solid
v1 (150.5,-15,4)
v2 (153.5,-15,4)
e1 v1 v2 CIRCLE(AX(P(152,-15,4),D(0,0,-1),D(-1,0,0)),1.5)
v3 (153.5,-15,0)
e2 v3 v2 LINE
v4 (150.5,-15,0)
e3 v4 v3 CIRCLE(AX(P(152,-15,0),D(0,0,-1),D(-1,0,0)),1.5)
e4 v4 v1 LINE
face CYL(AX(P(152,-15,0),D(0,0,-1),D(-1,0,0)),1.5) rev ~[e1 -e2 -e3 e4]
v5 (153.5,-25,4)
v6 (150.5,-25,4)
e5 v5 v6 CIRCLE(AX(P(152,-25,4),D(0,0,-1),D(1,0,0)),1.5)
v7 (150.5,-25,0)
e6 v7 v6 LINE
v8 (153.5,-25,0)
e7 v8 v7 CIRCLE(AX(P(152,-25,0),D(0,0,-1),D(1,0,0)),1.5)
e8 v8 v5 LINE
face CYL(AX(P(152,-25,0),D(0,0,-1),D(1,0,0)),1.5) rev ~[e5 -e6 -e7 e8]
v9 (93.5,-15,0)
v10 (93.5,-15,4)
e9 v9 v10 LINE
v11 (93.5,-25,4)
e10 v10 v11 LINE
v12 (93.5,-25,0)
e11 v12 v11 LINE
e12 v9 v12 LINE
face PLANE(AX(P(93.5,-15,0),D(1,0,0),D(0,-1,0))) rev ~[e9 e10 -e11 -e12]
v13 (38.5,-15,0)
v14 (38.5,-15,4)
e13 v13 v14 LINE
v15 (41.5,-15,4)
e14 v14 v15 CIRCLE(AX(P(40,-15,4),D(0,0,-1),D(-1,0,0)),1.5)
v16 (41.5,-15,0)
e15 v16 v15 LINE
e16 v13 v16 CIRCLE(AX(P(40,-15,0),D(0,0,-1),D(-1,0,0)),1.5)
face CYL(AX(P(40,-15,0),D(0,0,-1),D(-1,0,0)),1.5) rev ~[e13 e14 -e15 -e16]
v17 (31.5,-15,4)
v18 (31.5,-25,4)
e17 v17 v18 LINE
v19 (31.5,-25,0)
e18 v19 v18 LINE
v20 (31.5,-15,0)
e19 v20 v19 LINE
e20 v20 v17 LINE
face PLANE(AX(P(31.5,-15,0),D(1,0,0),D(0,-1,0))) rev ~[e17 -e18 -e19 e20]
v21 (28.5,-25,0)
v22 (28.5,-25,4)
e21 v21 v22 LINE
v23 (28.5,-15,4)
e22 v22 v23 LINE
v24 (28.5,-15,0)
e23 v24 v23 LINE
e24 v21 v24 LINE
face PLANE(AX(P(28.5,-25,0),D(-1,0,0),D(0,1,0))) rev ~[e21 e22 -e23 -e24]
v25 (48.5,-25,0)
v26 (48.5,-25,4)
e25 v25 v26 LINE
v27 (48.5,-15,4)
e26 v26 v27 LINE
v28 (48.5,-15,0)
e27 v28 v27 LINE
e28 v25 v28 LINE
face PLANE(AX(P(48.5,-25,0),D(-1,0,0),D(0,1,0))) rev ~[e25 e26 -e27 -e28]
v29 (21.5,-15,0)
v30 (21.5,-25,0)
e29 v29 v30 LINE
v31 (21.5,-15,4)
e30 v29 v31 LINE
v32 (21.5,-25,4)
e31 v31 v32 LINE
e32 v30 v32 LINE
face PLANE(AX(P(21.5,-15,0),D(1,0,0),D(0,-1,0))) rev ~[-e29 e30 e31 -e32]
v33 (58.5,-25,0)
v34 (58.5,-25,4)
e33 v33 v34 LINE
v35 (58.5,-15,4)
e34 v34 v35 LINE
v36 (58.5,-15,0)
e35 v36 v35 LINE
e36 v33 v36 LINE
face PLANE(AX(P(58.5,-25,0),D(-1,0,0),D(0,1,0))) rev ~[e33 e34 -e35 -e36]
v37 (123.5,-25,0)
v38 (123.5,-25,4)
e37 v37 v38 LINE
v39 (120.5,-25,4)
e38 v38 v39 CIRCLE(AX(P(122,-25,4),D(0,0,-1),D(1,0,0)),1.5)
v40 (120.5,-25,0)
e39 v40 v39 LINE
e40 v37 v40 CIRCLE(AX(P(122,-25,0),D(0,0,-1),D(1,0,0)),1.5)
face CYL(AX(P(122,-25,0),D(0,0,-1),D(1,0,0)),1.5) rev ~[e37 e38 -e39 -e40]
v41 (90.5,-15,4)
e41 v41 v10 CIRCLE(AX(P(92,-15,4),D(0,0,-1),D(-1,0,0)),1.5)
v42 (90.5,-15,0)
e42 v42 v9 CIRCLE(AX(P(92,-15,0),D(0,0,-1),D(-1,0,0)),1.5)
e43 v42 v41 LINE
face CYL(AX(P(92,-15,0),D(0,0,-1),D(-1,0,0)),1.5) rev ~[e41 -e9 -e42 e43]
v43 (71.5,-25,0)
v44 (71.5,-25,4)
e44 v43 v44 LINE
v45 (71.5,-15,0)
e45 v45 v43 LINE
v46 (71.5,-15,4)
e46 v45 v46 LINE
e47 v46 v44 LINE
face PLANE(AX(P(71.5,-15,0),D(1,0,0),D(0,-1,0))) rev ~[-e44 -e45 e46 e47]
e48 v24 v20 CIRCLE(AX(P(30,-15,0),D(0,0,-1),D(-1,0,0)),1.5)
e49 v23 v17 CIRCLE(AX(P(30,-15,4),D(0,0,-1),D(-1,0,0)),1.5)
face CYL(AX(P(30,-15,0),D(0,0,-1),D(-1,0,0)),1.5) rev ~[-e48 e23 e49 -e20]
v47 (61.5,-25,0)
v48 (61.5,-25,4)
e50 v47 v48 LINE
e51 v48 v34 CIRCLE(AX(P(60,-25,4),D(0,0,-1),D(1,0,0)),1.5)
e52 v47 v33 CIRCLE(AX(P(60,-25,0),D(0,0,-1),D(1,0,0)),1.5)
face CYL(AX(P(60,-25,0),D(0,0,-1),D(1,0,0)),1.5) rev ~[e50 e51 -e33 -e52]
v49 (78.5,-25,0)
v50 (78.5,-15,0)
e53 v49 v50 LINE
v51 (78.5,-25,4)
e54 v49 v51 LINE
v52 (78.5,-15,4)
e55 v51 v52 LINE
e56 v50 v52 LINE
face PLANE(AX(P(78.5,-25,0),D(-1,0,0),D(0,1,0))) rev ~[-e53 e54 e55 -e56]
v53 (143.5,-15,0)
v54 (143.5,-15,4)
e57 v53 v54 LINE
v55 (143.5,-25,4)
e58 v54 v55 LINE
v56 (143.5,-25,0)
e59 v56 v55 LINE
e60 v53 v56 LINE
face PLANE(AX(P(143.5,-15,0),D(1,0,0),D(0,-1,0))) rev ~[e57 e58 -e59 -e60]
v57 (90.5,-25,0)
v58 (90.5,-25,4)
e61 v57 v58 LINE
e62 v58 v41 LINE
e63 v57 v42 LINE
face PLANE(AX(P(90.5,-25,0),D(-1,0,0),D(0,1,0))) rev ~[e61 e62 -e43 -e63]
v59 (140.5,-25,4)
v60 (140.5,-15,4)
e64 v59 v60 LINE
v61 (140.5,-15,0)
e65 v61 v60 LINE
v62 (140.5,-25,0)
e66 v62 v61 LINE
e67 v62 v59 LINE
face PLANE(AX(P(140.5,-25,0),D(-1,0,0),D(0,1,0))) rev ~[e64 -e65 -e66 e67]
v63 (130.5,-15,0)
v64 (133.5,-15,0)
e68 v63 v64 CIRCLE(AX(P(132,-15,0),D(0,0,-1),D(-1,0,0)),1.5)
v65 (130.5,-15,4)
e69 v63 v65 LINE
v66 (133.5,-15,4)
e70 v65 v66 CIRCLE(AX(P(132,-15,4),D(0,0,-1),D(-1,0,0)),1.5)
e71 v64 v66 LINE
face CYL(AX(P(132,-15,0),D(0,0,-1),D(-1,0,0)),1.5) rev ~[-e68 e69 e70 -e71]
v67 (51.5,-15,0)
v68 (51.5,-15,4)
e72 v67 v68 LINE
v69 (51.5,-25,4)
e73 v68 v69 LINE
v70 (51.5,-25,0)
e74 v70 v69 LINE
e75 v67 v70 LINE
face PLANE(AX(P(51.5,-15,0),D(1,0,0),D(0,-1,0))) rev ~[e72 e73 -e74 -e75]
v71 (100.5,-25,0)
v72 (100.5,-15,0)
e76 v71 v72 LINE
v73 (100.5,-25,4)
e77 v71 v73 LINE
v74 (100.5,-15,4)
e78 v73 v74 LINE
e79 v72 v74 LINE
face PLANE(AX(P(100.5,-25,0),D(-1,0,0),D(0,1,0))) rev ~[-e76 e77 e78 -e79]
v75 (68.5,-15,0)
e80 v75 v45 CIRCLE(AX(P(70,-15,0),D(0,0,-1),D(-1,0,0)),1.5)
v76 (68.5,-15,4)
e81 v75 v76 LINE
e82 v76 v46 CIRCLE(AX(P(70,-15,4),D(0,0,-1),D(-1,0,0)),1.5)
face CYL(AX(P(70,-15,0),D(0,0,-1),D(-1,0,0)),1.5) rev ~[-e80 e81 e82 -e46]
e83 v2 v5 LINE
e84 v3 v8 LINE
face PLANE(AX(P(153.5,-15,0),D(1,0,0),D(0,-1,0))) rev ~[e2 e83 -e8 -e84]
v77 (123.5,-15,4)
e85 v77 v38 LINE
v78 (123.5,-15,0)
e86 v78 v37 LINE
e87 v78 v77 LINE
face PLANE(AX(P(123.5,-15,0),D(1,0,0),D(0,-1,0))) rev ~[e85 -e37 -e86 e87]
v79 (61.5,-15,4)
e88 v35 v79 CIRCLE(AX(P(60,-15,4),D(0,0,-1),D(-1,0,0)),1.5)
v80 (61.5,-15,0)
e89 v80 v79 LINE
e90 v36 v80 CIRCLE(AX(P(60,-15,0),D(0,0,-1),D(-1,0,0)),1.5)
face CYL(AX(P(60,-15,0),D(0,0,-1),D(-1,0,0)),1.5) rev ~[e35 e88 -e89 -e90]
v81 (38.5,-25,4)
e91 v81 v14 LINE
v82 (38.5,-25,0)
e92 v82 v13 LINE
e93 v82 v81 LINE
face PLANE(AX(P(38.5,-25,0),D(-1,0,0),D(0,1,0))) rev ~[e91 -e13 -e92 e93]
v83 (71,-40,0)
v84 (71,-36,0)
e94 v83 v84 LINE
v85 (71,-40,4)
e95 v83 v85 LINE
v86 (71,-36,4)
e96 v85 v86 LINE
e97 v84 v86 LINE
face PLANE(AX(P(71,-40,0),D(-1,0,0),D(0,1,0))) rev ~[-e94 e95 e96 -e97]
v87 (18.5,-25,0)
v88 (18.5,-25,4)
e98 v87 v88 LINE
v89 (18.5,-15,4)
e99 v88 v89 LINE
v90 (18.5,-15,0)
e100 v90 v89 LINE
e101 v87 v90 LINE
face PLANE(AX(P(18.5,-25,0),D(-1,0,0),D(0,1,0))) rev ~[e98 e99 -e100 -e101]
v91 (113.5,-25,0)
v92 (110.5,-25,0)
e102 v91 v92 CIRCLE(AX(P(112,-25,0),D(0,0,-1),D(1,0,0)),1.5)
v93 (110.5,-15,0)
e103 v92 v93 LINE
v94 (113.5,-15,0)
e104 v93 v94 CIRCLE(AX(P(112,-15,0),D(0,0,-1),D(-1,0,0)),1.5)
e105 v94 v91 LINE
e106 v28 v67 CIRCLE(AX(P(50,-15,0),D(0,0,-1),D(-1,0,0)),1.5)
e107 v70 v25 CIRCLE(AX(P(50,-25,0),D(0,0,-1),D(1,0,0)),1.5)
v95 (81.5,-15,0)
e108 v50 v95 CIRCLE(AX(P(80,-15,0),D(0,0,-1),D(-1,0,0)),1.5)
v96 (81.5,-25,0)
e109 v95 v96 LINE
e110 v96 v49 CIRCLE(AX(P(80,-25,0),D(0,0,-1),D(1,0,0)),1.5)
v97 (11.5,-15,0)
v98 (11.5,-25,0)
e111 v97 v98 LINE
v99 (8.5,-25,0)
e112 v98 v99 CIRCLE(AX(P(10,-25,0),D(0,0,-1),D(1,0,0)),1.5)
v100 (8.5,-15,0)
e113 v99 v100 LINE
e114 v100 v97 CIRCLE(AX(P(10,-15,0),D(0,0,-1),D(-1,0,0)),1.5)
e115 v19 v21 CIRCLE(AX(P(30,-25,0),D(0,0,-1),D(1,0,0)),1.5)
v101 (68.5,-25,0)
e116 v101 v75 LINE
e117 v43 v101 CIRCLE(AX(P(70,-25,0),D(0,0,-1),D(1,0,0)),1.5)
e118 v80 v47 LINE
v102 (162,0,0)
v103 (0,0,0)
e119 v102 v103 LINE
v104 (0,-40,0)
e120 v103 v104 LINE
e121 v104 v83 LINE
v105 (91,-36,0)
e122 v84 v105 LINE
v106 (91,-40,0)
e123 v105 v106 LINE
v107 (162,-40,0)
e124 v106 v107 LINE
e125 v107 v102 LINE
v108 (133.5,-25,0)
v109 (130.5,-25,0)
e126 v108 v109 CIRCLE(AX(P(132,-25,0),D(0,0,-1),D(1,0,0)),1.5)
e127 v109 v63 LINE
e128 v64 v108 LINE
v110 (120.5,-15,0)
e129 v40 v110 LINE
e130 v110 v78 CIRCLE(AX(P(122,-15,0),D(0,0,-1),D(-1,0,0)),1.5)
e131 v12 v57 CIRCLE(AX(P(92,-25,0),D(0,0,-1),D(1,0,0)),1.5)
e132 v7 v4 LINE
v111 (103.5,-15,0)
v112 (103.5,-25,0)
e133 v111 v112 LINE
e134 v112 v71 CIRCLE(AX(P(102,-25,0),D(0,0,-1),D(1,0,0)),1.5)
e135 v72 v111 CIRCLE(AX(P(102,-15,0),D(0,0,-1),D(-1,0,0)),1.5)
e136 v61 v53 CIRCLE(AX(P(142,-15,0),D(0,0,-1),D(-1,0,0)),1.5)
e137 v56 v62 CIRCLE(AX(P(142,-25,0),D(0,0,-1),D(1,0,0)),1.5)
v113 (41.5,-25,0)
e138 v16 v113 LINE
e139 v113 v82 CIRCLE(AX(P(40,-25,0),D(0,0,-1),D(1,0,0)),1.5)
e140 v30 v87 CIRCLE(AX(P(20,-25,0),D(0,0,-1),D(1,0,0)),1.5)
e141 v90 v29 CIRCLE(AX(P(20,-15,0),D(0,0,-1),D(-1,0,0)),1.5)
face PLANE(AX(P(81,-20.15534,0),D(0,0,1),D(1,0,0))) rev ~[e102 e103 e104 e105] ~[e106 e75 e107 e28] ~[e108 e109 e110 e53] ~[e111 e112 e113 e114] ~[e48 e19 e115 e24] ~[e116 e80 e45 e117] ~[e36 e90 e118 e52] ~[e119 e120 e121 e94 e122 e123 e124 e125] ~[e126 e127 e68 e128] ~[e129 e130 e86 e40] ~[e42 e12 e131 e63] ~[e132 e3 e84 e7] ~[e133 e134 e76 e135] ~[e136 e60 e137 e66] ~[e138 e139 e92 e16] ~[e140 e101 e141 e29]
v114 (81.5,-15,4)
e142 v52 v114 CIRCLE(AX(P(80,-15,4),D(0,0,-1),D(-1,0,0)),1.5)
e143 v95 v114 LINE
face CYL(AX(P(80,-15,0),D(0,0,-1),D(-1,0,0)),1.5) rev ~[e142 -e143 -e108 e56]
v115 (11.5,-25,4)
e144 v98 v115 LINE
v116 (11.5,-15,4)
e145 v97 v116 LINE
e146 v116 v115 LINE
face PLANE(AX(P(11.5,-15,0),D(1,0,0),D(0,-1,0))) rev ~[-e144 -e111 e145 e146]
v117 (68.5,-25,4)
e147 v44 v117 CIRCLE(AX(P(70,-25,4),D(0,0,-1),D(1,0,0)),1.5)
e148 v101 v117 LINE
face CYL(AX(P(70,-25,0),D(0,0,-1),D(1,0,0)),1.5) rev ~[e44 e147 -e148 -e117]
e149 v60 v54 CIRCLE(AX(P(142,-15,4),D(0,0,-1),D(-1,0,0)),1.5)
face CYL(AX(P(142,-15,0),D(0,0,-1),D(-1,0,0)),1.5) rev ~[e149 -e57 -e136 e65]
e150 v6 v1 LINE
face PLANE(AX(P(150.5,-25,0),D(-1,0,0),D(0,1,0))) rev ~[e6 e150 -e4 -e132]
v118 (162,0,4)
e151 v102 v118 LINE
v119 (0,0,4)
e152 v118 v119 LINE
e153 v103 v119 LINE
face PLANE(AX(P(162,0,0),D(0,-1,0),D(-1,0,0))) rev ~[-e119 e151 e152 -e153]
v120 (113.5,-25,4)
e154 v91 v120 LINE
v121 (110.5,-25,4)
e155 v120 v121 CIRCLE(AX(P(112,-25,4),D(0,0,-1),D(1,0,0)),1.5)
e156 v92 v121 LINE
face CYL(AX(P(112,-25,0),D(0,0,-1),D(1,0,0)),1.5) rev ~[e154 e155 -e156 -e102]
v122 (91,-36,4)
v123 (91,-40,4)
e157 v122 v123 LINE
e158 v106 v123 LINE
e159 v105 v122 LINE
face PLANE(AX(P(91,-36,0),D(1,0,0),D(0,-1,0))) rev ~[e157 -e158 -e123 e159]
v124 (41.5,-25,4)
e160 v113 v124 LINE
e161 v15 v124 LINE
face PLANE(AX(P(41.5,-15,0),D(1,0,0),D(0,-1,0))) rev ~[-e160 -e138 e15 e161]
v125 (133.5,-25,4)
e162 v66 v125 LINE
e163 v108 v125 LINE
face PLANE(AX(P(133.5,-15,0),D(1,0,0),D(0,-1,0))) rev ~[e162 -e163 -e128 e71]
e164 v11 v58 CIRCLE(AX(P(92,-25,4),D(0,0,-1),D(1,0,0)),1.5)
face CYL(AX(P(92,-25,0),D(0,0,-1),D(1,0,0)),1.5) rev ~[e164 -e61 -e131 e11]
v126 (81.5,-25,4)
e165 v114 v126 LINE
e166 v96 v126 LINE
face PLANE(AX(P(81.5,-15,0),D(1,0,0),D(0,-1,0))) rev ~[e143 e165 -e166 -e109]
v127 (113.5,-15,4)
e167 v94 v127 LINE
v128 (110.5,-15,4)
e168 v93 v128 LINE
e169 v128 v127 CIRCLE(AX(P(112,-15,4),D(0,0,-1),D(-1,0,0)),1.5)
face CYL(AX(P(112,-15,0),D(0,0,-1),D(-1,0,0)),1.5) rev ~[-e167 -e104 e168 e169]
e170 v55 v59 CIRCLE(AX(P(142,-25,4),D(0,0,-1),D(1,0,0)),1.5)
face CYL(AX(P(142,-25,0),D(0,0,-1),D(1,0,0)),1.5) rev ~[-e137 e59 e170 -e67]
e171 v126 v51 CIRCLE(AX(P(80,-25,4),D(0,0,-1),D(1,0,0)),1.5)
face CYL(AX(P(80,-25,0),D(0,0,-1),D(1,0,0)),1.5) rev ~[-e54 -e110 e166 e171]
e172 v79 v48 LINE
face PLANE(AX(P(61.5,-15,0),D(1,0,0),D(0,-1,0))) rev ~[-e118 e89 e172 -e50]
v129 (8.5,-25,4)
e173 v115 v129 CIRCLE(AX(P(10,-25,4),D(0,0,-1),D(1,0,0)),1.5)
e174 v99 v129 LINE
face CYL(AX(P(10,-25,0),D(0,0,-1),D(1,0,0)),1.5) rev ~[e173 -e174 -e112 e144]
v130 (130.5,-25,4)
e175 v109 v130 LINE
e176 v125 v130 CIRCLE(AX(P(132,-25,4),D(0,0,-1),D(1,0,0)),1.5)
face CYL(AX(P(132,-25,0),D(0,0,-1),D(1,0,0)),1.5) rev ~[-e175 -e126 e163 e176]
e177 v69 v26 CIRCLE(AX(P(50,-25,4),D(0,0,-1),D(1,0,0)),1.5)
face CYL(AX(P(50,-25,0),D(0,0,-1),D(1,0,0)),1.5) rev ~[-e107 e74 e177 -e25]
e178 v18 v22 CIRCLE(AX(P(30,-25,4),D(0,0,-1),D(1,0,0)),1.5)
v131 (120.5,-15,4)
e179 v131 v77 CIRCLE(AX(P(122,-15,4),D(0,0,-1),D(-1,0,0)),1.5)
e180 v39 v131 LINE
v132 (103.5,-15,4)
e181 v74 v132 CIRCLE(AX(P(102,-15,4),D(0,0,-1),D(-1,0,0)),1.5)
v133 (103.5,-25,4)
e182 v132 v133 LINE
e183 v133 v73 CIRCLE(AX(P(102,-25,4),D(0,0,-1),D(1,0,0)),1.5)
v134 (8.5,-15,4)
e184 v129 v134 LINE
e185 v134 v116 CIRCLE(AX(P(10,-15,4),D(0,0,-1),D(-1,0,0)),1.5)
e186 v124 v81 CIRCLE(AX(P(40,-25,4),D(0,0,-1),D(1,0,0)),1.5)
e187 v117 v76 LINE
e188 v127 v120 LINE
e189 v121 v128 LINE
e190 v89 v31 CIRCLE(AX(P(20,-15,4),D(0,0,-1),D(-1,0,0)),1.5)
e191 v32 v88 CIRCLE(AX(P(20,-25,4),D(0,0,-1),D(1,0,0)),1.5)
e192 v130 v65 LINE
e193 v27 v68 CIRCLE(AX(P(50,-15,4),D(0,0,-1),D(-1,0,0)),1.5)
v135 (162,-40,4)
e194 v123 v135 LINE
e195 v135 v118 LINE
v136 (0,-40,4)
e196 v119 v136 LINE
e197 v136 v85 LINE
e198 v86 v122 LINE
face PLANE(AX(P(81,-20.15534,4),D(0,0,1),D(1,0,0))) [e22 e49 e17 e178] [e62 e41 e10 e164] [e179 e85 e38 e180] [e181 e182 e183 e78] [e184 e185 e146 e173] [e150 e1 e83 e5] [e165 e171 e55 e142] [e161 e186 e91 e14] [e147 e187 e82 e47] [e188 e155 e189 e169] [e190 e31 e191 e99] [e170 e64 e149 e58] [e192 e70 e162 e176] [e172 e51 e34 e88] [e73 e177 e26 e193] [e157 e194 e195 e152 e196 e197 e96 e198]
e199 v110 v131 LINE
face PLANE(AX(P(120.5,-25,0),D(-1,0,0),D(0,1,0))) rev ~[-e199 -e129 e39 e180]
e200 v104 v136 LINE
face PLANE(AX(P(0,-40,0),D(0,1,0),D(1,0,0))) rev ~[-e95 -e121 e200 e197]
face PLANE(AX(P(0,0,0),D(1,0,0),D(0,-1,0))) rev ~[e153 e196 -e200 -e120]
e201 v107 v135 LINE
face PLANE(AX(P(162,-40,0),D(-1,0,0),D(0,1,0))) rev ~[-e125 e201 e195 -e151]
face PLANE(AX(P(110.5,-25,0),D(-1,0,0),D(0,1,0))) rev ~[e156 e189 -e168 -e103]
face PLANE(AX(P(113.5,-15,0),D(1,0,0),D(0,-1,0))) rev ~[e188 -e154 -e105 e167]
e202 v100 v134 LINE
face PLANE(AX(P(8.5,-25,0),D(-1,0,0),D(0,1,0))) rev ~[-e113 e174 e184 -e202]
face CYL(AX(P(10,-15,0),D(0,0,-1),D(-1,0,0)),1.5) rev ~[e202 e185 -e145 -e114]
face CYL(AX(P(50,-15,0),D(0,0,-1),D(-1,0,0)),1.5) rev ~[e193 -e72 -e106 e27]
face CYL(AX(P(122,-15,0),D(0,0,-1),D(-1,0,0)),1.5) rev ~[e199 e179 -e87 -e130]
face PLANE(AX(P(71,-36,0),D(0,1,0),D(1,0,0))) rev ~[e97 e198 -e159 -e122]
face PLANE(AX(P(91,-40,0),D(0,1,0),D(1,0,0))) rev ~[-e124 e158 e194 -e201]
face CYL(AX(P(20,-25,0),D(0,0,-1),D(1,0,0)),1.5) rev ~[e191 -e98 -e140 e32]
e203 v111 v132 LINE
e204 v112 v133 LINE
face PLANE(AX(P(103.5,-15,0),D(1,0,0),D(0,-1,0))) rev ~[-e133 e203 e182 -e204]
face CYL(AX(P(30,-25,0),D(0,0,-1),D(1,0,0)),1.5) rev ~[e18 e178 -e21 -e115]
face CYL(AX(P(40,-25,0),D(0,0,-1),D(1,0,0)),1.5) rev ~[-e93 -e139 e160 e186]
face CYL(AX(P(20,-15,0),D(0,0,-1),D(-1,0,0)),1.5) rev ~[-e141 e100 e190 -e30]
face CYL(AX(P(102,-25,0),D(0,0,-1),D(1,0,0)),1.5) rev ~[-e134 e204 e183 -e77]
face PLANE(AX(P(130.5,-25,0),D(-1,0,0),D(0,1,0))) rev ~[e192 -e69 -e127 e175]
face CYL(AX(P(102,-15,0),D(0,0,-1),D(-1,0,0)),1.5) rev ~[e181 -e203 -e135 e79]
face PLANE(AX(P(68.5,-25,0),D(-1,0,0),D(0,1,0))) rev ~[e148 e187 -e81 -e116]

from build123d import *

# Parameters (mm, degrees)
BOSS_EXTRUDE1_DEPTH = 4


with BuildPart() as part:
    # Sketch1 → Boss-Extrude1 (new body)
    with BuildSketch(Plane.XY):
        Polygon((162, 0), (0, 0), (0, -40), (71, -40), (71, -36), (91, -36), (91, -40), (162, -40), align=None)
        with BuildLine():
            ThreePointArc((8.5, -15), (10, -13.5), (11.5, -15))
            Line((11.5, -15), (11.5, -25))
            ThreePointArc((11.5, -25), (10, -26.5), (8.5, -25))
            Line((8.5, -25), (8.5, -15))
        make_face(mode=Mode.SUBTRACT)
        with BuildLine():
            Line((18.5, -25), (18.5, -15))
            ThreePointArc((18.5, -15), (20, -13.5), (21.5, -15))
            Line((21.5, -15), (21.5, -25))
            ThreePointArc((21.5, -25), (20, -26.5), (18.5, -25))
        make_face(mode=Mode.SUBTRACT)
        with BuildLine():
            ThreePointArc((28.5, -15), (30, -13.5), (31.5, -15))
            Line((31.5, -15), (31.5, -25))
            ThreePointArc((31.5, -25), (30, -26.5), (28.5, -25))
            Line((28.5, -25), (28.5, -15))
        make_face(mode=Mode.SUBTRACT)
        with BuildLine():
            Line((38.5, -25), (38.5, -15))
            ThreePointArc((38.5, -15), (40, -13.5), (41.5, -15))
            Line((41.5, -15), (41.5, -25))
            ThreePointArc((41.5, -25), (40, -26.5), (38.5, -25))
        make_face(mode=Mode.SUBTRACT)
        with BuildLine():
            ThreePointArc((68.5, -15), (70, -13.5), (71.5, -15))
            Line((71.5, -15), (71.5, -25))
            ThreePointArc((71.5, -25), (70, -26.5), (68.5, -25))
            Line((68.5, -25), (68.5, -15))
        make_face(mode=Mode.SUBTRACT)
        with BuildLine():
            Line((78.5, -25), (78.5, -15))
            ThreePointArc((78.5, -15), (80, -13.5), (81.5, -15))
            Line((81.5, -15), (81.5, -25))
            ThreePointArc((81.5, -25), (80, -26.5), (78.5, -25))
        make_face(mode=Mode.SUBTRACT)
        with BuildLine():
            Line((90.5, -25), (90.5, -15))
            ThreePointArc((90.5, -15), (92, -13.5), (93.5, -15))
            Line((93.5, -15), (93.5, -25))
            ThreePointArc((93.5, -25), (92, -26.5), (90.5, -25))
        make_face(mode=Mode.SUBTRACT)
        with BuildLine():
            ThreePointArc((100.5, -15), (102, -13.5), (103.5, -15))
            Line((103.5, -15), (103.5, -25))
            ThreePointArc((103.5, -25), (102, -26.5), (100.5, -25))
            Line((100.5, -25), (100.5, -15))
        make_face(mode=Mode.SUBTRACT)
        with BuildLine():
            ThreePointArc((120.5, -15), (122, -13.5), (123.5, -15))
            Line((123.5, -15), (123.5, -25))
            ThreePointArc((123.5, -25), (122, -26.5), (120.5, -25))
            Line((120.5, -25), (120.5, -15))
        make_face(mode=Mode.SUBTRACT)
        with BuildLine():
            Line((130.5, -25), (130.5, -15))
            ThreePointArc((130.5, -15), (132, -13.5), (133.5, -15))
            Line((133.5, -15), (133.5, -25))
            ThreePointArc((133.5, -25), (132, -26.5), (130.5, -25))
        make_face(mode=Mode.SUBTRACT)
        with BuildLine():
            ThreePointArc((140.5, -15), (142, -13.5), (143.5, -15))
            Line((143.5, -15), (143.5, -25))
            ThreePointArc((143.5, -25), (142, -26.5), (140.5, -25))
            Line((140.5, -25), (140.5, -15))
        make_face(mode=Mode.SUBTRACT)
        with BuildLine():
            Line((150.5, -25), (150.5, -15))
            ThreePointArc((150.5, -15), (152, -13.5), (153.5, -15))
            Line((153.5, -15), (153.5, -25))
            ThreePointArc((153.5, -25), (152, -26.5), (150.5, -25))
        make_face(mode=Mode.SUBTRACT)
        with BuildLine():
            ThreePointArc((48.5, -15), (50, -13.5), (51.5, -15))
            Line((51.5, -15), (51.5, -25))
            ThreePointArc((51.5, -25), (50, -26.5), (48.5, -25))
            Line((48.5, -25), (48.5, -15))
        make_face(mode=Mode.SUBTRACT)
        with BuildLine():
            Line((58.5, -25), (58.5, -15))
            ThreePointArc((58.5, -15), (60, -13.5), (61.5, -15))
            Line((61.5, -15), (61.5, -25))
            ThreePointArc((61.5, -25), (60, -26.5), (58.5, -25))
        make_face(mode=Mode.SUBTRACT)
        with BuildLine():
            Line((110.5, -25), (110.5, -15))
            ThreePointArc((110.5, -15), (112, -13.5), (113.5, -15))
            Line((113.5, -15), (113.5, -25))
            ThreePointArc((113.5, -25), (112, -26.5), (110.5, -25))
        make_face(mode=Mode.SUBTRACT)
    extrude(amount=BOSS_EXTRUDE1_DEPTH)


solid = part.part
